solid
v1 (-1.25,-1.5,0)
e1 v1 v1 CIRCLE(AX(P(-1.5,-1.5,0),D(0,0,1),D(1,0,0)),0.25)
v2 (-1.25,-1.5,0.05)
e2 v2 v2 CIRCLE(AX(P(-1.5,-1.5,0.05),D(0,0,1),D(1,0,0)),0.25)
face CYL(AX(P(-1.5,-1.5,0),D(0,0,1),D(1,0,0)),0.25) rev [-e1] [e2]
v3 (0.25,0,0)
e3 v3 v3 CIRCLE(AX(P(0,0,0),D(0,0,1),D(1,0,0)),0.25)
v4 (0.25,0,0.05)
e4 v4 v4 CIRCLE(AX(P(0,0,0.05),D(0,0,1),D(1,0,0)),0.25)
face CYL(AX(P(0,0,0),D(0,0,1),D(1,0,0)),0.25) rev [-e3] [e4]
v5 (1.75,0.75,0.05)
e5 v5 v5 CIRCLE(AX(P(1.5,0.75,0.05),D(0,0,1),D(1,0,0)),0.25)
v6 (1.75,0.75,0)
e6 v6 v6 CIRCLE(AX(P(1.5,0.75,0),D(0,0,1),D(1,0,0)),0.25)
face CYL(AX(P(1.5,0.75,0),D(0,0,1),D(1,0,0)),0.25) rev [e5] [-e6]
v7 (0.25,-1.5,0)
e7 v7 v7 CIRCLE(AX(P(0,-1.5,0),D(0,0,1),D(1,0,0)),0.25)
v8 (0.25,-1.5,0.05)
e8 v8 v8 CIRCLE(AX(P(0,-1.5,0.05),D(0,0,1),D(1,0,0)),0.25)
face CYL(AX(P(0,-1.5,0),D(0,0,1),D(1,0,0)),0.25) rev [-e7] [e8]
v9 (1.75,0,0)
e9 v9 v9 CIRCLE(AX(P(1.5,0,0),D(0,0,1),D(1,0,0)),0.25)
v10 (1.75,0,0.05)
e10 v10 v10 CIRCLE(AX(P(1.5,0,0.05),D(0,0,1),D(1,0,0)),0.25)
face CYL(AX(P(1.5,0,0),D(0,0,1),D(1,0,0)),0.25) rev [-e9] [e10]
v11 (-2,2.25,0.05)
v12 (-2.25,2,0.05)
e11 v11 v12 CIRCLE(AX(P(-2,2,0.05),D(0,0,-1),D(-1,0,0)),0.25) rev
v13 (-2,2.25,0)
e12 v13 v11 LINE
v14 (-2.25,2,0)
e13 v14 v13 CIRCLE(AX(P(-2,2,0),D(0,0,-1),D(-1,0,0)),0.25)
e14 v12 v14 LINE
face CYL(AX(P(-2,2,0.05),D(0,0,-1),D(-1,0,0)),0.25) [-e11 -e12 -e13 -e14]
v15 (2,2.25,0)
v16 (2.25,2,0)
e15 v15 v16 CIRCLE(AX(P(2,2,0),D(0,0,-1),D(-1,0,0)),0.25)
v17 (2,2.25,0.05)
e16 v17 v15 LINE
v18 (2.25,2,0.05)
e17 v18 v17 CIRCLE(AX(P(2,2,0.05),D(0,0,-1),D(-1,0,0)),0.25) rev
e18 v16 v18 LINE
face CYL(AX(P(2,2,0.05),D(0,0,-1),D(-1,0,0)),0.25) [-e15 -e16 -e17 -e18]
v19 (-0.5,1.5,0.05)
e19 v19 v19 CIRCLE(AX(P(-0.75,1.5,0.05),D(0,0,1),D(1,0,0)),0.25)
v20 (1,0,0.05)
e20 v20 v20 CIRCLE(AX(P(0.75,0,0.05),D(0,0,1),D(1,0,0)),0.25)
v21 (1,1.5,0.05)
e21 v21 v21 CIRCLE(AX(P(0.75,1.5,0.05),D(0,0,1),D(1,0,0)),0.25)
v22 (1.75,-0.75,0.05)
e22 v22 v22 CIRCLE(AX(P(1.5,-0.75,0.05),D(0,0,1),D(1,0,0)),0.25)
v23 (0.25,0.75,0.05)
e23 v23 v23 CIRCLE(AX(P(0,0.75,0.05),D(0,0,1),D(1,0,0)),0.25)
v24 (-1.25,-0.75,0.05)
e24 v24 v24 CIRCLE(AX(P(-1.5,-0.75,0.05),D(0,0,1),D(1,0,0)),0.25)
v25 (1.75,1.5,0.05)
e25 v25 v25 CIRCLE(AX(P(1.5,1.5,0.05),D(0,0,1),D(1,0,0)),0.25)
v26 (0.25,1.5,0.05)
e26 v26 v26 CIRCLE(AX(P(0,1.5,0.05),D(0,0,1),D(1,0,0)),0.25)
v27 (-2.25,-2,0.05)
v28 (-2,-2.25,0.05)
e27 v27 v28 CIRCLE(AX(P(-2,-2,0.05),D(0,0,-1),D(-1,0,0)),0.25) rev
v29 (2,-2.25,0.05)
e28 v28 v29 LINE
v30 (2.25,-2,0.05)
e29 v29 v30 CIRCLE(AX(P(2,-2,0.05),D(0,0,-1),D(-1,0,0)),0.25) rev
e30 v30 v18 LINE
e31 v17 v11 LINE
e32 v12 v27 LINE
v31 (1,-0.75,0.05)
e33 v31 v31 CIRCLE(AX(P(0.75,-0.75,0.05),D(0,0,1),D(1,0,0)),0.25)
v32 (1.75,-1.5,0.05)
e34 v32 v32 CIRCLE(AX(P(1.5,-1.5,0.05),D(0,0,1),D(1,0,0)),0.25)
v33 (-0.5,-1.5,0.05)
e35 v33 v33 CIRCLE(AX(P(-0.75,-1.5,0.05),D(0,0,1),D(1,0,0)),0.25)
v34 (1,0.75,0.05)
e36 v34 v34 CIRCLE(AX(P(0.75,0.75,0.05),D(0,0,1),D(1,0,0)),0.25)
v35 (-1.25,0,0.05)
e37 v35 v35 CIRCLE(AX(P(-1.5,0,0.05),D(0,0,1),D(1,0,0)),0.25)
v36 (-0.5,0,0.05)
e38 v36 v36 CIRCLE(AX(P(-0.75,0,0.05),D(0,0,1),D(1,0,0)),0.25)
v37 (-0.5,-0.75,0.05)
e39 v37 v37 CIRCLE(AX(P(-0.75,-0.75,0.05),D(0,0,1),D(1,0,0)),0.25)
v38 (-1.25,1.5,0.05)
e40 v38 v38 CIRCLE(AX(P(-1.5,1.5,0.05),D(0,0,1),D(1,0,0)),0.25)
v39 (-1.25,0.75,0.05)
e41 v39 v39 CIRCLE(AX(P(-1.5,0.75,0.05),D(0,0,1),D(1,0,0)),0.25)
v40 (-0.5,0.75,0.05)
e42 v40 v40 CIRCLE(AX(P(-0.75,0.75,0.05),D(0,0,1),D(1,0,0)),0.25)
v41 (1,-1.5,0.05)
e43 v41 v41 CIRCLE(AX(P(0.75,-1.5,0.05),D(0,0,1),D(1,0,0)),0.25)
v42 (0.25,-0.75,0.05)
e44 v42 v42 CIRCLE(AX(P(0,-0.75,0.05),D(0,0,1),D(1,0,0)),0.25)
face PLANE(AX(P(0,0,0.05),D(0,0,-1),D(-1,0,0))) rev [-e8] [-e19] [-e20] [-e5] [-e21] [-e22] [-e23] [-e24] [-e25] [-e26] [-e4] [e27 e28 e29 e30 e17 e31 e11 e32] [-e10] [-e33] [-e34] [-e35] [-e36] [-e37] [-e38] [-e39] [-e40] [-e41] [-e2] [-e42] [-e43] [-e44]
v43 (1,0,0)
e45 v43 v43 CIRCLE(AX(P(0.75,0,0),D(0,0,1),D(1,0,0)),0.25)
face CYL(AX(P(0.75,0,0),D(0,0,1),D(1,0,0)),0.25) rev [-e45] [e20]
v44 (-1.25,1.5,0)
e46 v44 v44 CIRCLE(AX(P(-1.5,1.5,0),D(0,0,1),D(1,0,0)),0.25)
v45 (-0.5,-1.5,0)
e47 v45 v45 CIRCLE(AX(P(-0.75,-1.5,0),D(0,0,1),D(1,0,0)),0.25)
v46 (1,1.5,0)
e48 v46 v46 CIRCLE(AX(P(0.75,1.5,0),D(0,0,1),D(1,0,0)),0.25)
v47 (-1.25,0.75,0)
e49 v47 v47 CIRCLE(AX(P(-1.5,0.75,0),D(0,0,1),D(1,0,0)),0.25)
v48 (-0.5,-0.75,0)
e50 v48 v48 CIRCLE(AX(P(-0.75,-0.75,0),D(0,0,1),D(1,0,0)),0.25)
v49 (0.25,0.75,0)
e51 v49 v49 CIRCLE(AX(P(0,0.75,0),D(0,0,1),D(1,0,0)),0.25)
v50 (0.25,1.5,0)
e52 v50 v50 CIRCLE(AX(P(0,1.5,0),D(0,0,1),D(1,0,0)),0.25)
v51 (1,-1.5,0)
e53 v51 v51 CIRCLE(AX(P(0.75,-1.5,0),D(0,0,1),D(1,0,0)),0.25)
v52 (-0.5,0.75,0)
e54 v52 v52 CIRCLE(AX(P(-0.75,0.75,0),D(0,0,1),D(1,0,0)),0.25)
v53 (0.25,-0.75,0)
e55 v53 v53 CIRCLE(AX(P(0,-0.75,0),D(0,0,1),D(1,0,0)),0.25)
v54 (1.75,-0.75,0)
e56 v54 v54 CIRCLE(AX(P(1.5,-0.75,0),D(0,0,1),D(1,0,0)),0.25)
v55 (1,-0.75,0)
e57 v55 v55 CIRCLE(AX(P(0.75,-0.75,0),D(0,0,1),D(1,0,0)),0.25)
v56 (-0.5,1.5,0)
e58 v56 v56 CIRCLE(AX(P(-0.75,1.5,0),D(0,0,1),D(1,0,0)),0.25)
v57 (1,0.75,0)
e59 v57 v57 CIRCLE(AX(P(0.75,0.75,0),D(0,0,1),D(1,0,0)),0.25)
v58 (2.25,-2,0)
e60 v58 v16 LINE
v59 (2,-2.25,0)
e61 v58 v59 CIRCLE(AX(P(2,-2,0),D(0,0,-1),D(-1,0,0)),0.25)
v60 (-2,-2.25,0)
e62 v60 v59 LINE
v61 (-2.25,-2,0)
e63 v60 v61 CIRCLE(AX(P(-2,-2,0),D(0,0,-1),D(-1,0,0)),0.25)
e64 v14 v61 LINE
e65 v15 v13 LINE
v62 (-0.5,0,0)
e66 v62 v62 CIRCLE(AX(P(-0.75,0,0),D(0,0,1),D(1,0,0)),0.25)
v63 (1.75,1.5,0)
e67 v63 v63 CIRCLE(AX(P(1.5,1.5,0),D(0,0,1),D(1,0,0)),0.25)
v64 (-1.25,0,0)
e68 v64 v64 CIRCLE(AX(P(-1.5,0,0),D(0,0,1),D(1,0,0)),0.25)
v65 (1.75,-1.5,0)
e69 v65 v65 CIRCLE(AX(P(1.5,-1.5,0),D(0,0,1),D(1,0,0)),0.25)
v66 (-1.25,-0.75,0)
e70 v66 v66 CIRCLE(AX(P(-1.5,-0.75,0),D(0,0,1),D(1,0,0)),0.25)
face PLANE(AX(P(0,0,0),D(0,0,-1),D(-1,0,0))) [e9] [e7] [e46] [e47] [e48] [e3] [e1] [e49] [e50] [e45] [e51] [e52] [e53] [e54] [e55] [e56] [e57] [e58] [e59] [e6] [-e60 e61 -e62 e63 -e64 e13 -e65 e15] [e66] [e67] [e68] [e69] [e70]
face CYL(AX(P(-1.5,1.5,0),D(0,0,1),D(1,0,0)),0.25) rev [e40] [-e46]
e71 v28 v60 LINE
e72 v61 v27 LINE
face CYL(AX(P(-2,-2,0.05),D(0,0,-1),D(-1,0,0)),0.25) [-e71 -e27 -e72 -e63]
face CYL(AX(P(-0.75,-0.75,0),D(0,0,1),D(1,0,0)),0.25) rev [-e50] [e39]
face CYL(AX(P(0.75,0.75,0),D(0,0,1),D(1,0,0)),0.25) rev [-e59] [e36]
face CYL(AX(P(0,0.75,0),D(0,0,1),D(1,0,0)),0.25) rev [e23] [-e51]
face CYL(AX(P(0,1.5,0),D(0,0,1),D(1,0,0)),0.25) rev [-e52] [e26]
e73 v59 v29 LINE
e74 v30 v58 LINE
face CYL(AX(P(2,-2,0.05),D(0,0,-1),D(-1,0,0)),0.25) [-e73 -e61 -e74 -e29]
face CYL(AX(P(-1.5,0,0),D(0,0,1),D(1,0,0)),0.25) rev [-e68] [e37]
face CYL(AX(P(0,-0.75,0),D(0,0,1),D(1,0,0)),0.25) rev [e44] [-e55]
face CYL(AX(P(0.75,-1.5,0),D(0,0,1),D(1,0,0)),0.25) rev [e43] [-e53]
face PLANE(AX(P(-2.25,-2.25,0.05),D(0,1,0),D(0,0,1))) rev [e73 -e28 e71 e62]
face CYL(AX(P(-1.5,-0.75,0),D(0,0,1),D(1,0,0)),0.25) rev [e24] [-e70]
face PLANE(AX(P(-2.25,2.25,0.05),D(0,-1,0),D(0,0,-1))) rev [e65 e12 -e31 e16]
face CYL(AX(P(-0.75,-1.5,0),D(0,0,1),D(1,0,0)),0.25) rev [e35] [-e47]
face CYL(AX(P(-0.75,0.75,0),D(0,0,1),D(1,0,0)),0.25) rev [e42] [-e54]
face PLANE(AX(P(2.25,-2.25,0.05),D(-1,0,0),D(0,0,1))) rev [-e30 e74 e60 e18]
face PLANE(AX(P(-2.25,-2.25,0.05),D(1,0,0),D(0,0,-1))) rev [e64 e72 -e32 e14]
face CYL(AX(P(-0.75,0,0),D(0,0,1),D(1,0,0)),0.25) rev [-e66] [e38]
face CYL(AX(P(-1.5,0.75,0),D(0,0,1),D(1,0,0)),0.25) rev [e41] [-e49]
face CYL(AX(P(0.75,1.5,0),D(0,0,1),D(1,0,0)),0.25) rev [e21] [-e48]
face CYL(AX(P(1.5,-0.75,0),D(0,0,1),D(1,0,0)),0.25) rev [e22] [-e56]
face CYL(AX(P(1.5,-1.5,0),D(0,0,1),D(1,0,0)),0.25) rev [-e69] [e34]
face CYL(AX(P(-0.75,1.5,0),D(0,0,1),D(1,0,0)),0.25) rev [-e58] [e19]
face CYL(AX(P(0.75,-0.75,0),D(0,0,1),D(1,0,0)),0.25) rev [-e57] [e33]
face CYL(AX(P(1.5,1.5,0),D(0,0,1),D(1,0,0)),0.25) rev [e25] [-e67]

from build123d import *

# Parameters (mm, degrees)
SKETCH1_W           = 4.5
SKETCH1_H           = 4.5
BOSS_EXTRUDE1_DEPTH = 0.05
FILLET1_R           = 0.25
SKETCH2_R           = 0.25
CUT_EXTRUDE1_DEPTH  = 0.05


with BuildPart() as part:
    # Sketch1 → Boss-Extrude1 (new body)
    with BuildSketch(Plane.XY):
        Rectangle(SKETCH1_W, SKETCH1_H)
    extrude(amount=BOSS_EXTRUDE1_DEPTH)

    # Fillet1
    fillet1_edges = [part.edges().sort_by_distance(p)[0] for p in [
        (2.25, -2.25, 0.025),
        (-2.25, -2.25, 0.025),
        (-2.25, 2.25, 0.025),
        (2.25, 2.25, 0.025),
    ]]
    fillet(fillet1_edges, radius=FILLET1_R)

    # Sketch2 → Cut-Extrude1 (cut)
    with BuildSketch(Plane.XY.offset(0.05)):
        with Locations((-1.5, 0)):
            Circle(SKETCH2_R)
        with Locations((-1.5, 0.75)):
            Circle(SKETCH2_R)
        with Locations((-1.5, 1.5)):
            Circle(SKETCH2_R)
        with Locations((-0.75, 1.5)):
            Circle(SKETCH2_R)
        with Locations((0, 1.5)):
            Circle(SKETCH2_R)
        with Locations((0.75, 1.5)):
            Circle(SKETCH2_R)
        with Locations((1.5, 1.5)):
            Circle(SKETCH2_R)
        with Locations((1.5, 0.75)):
            Circle(SKETCH2_R)
        with Locations((0.75, 0.75)):
            Circle(SKETCH2_R)
        with Locations((0, 0.75)):
            Circle(SKETCH2_R)
        with Locations((-0.75, 0.75)):
            Circle(SKETCH2_R)
        with Locations((-0.75, 0)):
            Circle(SKETCH2_R)
        Circle(SKETCH2_R)
        with Locations((0.75, 0)):
            Circle(SKETCH2_R)
        with Locations((1.5, 0)):
            Circle(SKETCH2_R)
        with Locations((1.5, -0.75)):
            Circle(SKETCH2_R)
        with Locations((1.5, -1.5)):
            Circle(SKETCH2_R)
        with Locations((0.75, -1.5)):
            Circle(SKETCH2_R)
        with Locations((0.75, -0.75)):
            Circle(SKETCH2_R)
        with Locations((0, -1.5)):
            Circle(SKETCH2_R)
        with Locations((0, -0.75)):
            Circle(SKETCH2_R)
        with Locations((-0.75, -0.75)):
            Circle(SKETCH2_R)
        with Locations((-0.75, -1.5)):
            Circle(SKETCH2_R)
        with Locations((-1.5, -1.5)):
            Circle(SKETCH2_R)
        with Locations((-1.5, -0.75)):
            Circle(SKETCH2_R)
    extrude(amount=-CUT_EXTRUDE1_DEPTH, mode=Mode.SUBTRACT)


solid = part.part
